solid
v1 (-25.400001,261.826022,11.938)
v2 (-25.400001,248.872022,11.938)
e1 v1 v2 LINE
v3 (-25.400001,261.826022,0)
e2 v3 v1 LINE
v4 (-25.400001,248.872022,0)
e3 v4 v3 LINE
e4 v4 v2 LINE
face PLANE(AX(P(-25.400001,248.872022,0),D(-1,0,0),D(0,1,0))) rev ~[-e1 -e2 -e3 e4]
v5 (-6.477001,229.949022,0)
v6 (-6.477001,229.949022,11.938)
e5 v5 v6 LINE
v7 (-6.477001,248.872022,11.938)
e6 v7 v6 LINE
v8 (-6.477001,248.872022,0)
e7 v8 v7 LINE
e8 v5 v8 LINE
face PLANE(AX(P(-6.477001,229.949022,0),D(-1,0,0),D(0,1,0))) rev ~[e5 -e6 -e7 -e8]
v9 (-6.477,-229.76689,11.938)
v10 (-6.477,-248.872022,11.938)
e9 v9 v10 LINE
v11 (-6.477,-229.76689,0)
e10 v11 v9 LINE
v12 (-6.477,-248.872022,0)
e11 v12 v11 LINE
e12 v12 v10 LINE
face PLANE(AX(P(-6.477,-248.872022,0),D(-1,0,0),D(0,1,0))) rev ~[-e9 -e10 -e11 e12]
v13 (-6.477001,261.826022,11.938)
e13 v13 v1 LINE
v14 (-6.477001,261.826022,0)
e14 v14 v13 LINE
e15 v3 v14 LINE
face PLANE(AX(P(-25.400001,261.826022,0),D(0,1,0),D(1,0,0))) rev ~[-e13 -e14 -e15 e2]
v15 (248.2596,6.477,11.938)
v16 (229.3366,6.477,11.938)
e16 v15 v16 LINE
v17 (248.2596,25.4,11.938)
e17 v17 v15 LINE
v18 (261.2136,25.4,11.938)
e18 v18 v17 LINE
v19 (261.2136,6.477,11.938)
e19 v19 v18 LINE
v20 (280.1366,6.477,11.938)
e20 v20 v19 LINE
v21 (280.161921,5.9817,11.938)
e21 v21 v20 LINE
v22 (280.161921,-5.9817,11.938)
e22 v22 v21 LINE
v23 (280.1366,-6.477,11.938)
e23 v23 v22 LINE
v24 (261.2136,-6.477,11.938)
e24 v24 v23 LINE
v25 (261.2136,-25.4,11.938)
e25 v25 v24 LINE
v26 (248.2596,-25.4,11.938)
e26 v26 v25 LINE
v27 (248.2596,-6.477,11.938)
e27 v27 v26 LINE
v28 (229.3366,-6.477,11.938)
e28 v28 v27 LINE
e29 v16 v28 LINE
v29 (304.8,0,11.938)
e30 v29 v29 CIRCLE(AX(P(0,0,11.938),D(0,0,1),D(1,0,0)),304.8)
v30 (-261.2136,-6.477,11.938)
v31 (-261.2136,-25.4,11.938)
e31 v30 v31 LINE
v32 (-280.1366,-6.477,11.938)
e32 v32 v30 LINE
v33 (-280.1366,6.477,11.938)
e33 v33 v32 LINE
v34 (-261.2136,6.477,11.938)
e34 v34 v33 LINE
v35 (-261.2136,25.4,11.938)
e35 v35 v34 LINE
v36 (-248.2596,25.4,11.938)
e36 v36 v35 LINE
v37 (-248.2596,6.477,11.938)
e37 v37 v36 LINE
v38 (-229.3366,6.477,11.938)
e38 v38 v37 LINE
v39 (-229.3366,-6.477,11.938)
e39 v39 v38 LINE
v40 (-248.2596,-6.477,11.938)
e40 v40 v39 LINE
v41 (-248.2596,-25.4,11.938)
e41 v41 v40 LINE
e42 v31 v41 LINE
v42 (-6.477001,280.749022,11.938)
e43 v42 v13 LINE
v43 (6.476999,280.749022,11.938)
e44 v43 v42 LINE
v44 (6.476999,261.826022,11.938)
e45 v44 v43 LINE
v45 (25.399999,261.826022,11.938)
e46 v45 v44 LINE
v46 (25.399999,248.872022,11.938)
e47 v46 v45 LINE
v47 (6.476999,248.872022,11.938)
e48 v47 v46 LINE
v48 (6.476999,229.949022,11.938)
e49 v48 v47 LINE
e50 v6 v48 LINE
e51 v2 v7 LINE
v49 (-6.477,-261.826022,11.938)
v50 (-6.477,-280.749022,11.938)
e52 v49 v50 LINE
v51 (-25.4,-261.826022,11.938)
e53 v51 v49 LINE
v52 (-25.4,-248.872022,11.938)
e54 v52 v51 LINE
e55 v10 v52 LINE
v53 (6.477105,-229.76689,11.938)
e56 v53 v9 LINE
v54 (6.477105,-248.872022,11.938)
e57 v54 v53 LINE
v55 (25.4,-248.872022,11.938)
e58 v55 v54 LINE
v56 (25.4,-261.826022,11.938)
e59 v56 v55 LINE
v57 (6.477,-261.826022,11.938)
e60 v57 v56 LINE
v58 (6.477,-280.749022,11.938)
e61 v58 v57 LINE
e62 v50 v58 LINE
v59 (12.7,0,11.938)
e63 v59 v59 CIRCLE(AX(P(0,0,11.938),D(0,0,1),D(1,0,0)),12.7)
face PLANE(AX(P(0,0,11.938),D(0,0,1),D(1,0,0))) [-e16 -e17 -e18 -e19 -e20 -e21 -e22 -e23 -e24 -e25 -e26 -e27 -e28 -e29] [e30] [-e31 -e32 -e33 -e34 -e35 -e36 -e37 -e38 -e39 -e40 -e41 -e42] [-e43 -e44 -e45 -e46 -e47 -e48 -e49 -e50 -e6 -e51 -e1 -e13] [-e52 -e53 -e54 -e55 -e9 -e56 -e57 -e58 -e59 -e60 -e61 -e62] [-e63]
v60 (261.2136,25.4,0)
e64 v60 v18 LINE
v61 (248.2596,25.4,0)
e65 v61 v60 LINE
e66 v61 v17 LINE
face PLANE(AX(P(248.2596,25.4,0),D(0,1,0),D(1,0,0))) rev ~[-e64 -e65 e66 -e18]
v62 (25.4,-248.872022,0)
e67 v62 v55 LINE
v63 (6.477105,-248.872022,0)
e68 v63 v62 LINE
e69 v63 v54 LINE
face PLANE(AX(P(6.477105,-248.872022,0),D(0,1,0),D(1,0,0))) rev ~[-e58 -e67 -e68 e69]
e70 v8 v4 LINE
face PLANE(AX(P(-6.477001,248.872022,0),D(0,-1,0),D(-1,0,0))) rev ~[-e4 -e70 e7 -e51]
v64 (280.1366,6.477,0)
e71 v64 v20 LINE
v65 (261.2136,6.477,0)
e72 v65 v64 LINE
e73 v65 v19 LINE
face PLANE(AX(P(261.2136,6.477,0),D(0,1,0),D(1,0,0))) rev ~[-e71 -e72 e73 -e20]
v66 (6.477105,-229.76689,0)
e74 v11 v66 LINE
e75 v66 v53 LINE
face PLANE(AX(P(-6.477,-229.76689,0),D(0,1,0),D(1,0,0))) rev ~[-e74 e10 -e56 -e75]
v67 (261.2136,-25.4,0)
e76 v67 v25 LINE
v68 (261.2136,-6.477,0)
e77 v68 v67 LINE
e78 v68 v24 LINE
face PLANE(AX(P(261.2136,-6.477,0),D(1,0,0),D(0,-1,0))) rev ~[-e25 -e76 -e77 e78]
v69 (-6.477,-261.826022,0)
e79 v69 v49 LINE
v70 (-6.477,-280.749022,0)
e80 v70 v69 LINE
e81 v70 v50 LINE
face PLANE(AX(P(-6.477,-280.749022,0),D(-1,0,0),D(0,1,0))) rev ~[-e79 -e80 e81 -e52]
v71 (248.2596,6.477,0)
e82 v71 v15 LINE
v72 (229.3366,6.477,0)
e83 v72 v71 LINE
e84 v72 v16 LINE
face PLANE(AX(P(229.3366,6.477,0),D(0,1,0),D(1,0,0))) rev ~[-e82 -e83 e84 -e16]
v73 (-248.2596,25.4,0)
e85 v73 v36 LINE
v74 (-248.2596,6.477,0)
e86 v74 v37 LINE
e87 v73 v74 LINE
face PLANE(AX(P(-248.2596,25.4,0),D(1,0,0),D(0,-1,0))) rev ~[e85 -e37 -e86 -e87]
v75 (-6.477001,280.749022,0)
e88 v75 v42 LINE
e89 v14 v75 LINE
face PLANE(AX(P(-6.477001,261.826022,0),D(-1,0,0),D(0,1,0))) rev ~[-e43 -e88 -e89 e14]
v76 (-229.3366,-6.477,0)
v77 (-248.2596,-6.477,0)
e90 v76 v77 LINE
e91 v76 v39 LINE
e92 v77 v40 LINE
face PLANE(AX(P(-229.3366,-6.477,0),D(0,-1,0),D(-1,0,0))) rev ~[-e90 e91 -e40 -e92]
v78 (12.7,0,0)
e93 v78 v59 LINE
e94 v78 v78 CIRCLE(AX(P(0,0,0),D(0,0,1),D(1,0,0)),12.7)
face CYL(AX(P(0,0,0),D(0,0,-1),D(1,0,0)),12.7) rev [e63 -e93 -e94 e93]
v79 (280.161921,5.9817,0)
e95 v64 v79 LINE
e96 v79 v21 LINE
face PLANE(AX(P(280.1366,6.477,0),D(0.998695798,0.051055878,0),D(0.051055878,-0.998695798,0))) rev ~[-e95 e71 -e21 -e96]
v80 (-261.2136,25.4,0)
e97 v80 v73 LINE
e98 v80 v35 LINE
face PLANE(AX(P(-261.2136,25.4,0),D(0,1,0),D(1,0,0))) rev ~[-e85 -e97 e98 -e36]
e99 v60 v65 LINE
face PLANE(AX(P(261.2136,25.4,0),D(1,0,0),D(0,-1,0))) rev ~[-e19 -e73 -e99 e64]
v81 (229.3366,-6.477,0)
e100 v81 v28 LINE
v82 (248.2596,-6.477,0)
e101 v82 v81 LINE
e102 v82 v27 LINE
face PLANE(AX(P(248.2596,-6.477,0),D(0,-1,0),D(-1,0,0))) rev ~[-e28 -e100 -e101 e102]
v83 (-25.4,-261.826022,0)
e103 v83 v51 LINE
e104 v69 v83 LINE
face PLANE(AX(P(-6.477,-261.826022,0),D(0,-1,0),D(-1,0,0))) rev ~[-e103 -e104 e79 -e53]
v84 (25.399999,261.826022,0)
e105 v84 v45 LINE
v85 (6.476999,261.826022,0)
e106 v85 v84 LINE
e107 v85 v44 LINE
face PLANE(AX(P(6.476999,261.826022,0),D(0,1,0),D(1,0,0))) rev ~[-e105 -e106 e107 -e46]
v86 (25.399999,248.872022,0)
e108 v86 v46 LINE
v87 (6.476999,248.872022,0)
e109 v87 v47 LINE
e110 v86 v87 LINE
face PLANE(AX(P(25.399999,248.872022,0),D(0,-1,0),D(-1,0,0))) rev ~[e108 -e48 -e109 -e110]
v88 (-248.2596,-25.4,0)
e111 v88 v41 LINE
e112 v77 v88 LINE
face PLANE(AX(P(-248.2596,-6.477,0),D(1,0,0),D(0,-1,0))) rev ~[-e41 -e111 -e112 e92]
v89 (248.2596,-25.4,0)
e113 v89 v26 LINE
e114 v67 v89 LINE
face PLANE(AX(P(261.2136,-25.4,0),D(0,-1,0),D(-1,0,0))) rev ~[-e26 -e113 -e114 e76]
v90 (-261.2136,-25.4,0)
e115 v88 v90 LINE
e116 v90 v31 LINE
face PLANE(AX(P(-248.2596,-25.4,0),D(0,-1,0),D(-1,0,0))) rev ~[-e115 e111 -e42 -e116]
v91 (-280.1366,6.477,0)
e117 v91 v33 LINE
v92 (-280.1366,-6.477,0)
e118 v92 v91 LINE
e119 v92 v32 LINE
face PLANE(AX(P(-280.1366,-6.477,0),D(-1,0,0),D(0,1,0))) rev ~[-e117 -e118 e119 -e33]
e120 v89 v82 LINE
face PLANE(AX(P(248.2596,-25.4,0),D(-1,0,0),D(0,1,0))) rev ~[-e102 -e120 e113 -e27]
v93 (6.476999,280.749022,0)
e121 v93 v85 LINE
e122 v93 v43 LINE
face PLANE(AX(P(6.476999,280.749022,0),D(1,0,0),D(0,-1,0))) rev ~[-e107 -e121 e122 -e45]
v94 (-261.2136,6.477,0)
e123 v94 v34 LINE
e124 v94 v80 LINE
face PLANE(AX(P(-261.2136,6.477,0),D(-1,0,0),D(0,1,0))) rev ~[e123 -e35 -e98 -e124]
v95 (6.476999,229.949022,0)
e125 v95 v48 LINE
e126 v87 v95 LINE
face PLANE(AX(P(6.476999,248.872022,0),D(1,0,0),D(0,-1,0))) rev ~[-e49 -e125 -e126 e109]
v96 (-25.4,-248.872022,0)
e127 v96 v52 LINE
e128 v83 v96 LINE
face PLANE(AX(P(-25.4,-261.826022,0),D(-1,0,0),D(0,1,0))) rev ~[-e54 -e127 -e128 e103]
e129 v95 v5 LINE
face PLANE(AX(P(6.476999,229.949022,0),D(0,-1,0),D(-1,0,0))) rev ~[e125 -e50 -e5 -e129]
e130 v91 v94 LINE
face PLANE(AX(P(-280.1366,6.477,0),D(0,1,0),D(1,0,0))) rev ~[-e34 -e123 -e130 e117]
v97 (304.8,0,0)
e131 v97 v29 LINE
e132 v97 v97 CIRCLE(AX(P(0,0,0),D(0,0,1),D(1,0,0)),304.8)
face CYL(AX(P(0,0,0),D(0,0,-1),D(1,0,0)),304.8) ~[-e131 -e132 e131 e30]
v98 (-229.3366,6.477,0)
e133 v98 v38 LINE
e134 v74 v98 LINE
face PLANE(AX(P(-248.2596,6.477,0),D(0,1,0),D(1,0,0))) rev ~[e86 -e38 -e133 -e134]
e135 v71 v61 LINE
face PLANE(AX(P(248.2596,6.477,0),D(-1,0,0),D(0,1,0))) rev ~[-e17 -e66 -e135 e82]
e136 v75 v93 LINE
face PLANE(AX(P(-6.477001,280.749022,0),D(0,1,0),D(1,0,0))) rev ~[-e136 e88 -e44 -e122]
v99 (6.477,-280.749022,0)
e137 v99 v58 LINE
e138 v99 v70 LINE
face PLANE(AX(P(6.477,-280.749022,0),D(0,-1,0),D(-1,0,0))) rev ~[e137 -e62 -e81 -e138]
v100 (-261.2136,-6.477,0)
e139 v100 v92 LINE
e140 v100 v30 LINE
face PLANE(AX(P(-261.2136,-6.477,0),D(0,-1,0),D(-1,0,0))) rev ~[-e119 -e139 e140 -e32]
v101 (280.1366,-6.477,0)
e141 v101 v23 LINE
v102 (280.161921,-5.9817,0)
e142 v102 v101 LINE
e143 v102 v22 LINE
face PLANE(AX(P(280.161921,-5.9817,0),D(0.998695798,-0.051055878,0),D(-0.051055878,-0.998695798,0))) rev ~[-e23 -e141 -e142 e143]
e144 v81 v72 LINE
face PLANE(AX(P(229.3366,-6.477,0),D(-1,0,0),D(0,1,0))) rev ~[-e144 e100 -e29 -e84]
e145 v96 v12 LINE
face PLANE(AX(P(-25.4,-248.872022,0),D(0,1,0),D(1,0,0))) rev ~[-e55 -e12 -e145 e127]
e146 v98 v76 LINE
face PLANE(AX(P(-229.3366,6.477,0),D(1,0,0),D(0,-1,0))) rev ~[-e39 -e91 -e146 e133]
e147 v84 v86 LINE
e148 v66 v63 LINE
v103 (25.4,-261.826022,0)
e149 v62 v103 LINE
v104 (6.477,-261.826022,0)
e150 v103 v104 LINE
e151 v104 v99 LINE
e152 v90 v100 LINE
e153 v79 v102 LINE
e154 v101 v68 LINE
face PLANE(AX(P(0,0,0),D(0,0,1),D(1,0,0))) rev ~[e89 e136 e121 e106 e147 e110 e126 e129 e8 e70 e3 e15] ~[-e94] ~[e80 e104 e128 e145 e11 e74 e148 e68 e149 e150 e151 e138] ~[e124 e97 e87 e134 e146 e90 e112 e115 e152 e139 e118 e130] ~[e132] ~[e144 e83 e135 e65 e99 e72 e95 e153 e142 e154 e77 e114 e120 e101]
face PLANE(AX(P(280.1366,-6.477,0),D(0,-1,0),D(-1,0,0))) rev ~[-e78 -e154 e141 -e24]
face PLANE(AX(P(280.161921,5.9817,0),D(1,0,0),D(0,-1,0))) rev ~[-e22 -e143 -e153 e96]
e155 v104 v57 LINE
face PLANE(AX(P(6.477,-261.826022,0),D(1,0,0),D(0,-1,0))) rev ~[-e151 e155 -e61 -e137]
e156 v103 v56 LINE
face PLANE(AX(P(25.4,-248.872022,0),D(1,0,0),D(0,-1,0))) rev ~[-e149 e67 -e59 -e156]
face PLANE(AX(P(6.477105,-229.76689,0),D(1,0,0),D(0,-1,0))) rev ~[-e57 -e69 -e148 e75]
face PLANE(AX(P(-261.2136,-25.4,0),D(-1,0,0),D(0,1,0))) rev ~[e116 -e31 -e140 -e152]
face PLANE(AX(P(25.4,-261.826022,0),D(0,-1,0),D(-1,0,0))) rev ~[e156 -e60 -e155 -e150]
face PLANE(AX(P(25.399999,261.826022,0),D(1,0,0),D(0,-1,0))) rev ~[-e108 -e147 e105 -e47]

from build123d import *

# Parameters (mm, degrees)
F0_R     = 304.8
F0_R_2   = 12.7
F1_DEPTH = 11.938
F3_DEPTH = 25.4


with BuildPart() as f1:
    # F0 (on Top) → F1 (new body)
    with BuildSketch(Plane.XY):
        Circle(F0_R)
        Circle(F0_R_2, mode=Mode.SUBTRACT)
    extrude(amount=F1_DEPTH)

    # F2 (on face) → F3 (cut)
    with BuildSketch(Plane(origin=(0, 0, 0), x_dir=(1, 0, 0), z_dir=(0, 0, -1))):
        Polygon((-229.3366, -5.9817), (-229.3366, 5.9817), (-229.3366, 6.477), (-248.2596, 6.477), (-248.2596, 25.4), (-248.7549, 25.4), (-260.7183, 25.4), (-261.2136, 25.4), (-261.2136, 6.477), (-280.1366, 6.477), (-280.1366, 5.9817), (-280.1366, -5.9817), (-280.1366, -6.477), (-261.2136, -6.477), (-261.2136, -25.4), (-260.7183, -25.4), (-248.7549, -25.4), (-248.2596, -25.4), (-248.2596, -6.477), (-229.3366, -6.477), align=None)
        Polygon((-6.477001, -229.949022), (-6.477001, -248.872022), (-25.400001, -248.872022), (-25.400001, -261.826022), (-6.477001, -261.826022), (-6.477001, -280.749022), (-5.981701, -280.749022), (5.981699, -280.749022), (6.476999, -280.749022), (6.476999, -261.826022), (25.399999, -261.826022), (25.399999, -248.872022), (6.476999, -248.872022), (6.476999, -229.949022), (5.981699, -229.949022), (-5.981701, -229.949022), align=None)
        Polygon((260.743621, 25.4), (248.780221, 25.4), (248.2596, 25.4), (248.2596, 6.477), (229.3366, 6.477), (229.3366, 5.9817), (229.3366, -5.9817), (229.3366, -6.477), (248.2596, -6.477), (248.2596, -25.4), (248.780221, -25.4), (260.743621, -25.4), (261.2136, -25.4), (261.2136, -6.477), (280.1366, -6.477), (280.161921, -5.9817), (280.161921, 5.9817), (280.1366, 6.477), (261.2136, 6.477), (261.2136, 25.4), align=None)
        Polygon((-6.477, 229.76689), (-5.799568, 229.76689), (6.163832, 229.76689), (6.477105, 229.76689), (6.477105, 229.949022), (6.477105, 248.872022), (25.4, 248.872022), (25.4, 261.826022), (6.477, 261.826022), (6.477, 280.749022), (5.9817, 280.749022), (-5.9817, 280.749022), (-6.477, 280.749022), (-6.477, 261.826022), (-25.4, 261.826022), (-25.4, 248.872022), (-6.477, 248.872022), (-6.477, 229.949022), align=None)
    extrude(amount=-F3_DEPTH, mode=Mode.SUBTRACT)


solid = f1.part
